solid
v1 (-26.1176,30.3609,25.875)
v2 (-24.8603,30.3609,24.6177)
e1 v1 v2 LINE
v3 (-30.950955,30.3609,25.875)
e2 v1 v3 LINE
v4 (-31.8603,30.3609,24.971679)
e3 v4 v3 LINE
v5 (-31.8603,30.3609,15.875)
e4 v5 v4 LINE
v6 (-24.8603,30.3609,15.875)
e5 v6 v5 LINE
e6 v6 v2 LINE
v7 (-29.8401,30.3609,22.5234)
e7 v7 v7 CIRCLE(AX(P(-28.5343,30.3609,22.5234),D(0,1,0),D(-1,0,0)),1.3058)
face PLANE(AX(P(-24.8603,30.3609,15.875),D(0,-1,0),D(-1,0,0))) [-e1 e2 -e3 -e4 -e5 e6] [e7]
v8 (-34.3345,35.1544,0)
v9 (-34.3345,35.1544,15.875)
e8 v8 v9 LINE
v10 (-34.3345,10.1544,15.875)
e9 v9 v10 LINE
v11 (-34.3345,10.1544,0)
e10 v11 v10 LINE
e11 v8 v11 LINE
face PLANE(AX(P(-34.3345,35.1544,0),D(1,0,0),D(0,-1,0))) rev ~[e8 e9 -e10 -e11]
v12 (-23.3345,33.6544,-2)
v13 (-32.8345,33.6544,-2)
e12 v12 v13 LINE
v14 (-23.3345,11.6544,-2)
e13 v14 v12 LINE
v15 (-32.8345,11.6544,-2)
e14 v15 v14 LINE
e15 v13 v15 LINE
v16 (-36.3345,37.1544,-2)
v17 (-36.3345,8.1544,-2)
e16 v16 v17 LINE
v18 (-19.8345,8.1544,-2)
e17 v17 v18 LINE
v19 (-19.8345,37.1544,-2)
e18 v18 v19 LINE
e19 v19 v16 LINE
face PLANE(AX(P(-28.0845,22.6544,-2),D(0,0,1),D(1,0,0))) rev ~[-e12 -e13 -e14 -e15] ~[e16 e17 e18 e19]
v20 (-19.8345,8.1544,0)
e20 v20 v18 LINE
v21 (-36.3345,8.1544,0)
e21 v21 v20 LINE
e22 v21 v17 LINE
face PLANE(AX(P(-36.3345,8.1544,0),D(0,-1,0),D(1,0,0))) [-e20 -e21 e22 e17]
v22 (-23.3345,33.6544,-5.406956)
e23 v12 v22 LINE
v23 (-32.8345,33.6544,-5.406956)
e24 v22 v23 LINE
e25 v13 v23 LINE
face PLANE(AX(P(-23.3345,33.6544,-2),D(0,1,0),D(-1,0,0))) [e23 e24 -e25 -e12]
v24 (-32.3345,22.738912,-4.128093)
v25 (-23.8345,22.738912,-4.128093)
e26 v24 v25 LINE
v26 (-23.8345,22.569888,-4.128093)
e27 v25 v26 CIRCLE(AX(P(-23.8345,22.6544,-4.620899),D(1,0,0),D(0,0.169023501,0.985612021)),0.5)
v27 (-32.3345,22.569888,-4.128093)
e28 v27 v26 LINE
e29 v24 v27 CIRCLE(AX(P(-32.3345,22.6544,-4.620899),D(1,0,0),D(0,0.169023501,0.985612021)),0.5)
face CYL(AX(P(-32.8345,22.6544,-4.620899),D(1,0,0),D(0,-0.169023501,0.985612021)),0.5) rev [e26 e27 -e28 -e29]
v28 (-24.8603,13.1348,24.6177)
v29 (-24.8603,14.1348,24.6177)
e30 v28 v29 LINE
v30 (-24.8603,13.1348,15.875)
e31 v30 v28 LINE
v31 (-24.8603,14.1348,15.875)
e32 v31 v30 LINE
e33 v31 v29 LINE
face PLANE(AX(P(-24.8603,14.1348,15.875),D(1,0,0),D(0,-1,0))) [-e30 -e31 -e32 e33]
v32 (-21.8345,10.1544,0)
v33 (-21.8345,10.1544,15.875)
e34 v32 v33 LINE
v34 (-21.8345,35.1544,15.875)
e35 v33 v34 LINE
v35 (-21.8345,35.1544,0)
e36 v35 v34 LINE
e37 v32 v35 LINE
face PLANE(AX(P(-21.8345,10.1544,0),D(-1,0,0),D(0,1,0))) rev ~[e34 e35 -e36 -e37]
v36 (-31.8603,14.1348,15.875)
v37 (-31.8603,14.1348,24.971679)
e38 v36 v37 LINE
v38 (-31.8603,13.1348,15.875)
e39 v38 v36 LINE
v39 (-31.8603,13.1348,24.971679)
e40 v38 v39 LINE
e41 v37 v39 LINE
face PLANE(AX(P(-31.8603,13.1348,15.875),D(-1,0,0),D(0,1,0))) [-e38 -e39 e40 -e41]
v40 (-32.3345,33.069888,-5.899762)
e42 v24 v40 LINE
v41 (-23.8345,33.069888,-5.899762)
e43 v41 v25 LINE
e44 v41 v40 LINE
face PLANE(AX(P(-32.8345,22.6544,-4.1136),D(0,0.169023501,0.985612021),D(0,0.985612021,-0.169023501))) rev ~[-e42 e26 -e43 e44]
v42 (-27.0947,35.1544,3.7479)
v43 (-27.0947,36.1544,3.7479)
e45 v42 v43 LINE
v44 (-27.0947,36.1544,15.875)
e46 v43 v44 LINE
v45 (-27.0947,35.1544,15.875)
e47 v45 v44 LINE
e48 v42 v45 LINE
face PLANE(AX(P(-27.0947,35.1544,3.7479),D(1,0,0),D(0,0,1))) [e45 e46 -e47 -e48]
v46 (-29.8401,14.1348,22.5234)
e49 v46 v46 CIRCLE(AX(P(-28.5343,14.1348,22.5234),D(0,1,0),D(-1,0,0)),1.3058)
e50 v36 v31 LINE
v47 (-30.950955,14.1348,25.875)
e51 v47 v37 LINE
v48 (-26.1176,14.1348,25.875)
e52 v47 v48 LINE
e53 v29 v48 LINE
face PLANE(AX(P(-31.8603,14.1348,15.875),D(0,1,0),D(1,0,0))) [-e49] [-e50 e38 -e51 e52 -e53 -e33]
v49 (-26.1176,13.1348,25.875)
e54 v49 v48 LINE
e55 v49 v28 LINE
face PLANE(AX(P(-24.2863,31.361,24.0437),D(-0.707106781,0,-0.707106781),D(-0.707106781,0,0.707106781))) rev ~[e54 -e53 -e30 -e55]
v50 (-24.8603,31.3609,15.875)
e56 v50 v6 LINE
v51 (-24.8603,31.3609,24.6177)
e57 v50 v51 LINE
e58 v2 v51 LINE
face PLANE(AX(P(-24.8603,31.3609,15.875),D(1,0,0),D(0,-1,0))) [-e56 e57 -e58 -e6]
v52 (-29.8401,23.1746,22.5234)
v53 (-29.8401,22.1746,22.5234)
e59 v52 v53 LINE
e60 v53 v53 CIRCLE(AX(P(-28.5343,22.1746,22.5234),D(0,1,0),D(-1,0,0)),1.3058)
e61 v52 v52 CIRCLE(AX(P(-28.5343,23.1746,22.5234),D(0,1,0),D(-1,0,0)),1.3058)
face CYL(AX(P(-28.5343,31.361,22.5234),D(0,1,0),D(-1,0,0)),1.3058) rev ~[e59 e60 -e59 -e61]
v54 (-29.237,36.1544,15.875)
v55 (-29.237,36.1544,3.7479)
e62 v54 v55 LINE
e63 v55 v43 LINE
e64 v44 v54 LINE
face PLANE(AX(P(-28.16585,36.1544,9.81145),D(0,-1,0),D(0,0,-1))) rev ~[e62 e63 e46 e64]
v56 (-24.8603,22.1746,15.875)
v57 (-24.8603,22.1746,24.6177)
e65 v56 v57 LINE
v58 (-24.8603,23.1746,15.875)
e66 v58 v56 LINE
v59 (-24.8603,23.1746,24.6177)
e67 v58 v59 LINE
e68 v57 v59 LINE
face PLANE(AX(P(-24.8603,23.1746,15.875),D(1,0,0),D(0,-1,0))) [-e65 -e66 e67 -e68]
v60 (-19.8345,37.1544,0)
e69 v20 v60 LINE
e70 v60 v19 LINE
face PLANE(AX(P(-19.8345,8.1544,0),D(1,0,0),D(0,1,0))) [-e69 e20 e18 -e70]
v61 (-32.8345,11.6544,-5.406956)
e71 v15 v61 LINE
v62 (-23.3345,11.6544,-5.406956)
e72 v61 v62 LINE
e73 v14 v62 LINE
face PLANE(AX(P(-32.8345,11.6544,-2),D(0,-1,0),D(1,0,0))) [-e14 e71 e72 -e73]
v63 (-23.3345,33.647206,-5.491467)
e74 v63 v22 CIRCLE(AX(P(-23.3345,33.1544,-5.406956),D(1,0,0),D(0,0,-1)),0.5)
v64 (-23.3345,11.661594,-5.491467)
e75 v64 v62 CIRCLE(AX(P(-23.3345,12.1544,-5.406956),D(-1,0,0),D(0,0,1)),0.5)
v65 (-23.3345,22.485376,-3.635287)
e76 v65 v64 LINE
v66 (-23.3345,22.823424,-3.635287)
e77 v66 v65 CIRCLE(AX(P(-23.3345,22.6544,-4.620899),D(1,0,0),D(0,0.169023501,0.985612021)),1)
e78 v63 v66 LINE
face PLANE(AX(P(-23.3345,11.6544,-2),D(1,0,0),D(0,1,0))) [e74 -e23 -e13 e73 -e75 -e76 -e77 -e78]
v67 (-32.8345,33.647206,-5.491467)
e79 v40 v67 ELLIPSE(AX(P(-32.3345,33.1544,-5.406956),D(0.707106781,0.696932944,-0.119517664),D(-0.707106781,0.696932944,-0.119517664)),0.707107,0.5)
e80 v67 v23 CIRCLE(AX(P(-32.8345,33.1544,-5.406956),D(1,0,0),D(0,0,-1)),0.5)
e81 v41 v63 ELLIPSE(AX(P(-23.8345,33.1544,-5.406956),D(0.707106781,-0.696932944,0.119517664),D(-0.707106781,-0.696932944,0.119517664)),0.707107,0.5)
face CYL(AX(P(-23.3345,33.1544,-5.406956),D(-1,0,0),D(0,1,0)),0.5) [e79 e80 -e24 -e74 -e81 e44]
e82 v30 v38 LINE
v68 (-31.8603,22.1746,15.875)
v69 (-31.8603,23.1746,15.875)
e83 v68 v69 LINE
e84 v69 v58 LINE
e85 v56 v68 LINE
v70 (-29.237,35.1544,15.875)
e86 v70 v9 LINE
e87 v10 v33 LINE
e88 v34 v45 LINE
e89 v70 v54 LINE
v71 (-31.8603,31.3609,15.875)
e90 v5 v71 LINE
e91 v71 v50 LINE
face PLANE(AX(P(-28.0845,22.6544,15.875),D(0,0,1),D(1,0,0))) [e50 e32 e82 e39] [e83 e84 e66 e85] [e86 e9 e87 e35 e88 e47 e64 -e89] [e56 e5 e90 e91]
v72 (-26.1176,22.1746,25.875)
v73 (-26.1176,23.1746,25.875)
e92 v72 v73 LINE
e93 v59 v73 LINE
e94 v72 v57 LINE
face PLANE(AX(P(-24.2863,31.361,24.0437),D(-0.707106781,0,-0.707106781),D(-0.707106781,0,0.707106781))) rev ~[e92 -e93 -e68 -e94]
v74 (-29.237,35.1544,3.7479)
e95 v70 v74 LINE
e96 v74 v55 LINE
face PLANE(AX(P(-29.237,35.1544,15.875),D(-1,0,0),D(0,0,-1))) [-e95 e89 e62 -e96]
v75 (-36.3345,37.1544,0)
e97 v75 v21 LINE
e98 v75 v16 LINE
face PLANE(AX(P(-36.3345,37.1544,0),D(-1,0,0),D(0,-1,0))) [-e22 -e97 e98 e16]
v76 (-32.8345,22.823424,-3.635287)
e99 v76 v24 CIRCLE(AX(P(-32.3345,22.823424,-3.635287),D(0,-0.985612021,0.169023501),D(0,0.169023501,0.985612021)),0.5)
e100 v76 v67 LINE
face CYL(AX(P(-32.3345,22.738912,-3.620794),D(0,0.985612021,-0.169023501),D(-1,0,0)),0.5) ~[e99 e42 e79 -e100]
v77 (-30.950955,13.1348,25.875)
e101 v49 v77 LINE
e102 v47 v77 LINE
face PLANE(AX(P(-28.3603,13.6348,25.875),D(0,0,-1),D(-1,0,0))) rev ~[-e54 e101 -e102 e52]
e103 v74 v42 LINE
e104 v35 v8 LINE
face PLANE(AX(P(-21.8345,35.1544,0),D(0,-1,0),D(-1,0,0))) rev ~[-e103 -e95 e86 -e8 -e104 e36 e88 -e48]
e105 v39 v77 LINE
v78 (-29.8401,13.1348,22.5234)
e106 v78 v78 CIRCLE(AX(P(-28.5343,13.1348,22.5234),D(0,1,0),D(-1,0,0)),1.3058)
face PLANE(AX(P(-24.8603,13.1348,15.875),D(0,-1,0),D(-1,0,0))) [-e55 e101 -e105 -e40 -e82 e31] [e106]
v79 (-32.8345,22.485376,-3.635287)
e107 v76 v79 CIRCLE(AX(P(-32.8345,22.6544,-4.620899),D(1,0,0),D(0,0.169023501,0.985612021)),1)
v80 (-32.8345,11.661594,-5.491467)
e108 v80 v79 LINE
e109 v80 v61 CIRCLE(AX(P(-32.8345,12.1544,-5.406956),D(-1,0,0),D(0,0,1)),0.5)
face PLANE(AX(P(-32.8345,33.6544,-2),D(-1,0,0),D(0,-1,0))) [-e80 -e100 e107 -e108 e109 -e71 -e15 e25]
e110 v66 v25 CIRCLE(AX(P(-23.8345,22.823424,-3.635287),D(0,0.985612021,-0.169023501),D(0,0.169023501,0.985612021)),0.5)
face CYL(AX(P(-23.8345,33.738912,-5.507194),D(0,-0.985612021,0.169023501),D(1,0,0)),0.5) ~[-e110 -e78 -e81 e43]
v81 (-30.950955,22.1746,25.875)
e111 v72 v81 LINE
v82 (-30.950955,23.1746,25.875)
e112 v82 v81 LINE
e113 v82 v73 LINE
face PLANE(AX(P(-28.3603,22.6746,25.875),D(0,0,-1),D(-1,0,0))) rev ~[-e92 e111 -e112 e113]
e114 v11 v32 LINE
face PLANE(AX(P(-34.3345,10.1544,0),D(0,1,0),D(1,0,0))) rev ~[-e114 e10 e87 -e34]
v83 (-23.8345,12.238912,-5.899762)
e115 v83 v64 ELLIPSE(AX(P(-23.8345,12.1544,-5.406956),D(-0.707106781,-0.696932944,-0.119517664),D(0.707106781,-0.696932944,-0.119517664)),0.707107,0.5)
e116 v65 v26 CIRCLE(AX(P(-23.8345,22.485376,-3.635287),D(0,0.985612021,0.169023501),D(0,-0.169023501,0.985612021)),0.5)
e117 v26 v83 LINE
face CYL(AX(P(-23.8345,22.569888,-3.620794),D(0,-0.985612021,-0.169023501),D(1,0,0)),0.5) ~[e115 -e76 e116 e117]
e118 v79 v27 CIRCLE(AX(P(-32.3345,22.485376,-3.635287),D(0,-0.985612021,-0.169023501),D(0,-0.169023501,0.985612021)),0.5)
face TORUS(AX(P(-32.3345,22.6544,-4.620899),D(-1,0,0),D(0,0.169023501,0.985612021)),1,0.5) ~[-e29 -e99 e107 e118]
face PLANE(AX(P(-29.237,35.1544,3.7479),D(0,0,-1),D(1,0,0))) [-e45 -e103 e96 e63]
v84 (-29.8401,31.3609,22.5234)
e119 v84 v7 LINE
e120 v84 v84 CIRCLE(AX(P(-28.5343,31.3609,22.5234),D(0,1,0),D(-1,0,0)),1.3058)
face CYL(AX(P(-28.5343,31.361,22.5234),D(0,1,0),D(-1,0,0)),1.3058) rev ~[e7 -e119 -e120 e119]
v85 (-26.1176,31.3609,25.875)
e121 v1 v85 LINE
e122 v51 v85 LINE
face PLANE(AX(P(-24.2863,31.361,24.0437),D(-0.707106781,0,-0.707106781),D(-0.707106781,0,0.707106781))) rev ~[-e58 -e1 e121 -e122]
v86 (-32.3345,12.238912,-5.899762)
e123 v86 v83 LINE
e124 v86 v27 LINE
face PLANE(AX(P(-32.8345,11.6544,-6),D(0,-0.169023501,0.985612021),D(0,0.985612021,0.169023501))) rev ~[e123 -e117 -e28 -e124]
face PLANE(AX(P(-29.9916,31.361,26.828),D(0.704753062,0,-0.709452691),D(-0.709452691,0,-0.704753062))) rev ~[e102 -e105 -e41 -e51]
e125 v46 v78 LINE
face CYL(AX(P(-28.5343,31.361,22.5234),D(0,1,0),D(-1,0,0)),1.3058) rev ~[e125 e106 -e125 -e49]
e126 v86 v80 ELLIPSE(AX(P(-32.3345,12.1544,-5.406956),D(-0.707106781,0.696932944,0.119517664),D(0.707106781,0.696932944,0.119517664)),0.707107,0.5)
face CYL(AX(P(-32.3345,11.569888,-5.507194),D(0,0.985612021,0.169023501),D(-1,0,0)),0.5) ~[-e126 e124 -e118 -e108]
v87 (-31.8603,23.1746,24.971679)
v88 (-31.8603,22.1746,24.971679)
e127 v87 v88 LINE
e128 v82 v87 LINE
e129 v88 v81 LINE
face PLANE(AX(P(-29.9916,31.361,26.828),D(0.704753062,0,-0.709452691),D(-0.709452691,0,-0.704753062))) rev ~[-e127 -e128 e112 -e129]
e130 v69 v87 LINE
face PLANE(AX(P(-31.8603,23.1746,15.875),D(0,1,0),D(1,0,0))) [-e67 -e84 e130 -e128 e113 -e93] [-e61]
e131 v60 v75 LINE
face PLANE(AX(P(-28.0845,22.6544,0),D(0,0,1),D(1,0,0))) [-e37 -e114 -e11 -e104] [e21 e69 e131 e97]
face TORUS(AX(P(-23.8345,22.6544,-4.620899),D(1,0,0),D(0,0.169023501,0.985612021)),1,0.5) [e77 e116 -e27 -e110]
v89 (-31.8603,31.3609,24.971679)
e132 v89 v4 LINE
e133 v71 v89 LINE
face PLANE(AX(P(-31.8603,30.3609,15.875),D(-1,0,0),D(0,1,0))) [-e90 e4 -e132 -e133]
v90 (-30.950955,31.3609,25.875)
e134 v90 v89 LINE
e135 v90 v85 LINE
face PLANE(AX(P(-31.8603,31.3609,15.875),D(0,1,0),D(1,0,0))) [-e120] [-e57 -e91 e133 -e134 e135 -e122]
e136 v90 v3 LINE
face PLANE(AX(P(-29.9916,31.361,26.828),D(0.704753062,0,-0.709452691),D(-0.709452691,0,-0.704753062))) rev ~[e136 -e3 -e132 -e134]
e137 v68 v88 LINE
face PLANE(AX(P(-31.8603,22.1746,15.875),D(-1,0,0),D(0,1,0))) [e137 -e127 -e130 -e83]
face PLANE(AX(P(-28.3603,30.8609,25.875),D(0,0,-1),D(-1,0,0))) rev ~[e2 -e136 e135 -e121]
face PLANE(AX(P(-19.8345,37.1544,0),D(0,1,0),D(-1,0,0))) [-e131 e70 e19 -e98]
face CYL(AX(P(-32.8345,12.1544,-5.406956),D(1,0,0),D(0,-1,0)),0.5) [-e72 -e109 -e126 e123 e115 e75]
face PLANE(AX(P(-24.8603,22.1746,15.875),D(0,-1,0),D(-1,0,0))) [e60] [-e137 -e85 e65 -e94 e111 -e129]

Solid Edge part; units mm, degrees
sketch "Sketch1" plane through (0, 0, 0) normal (0, 0, 1) x (1, 0, 0)
  line L0 (-34.3345, 10.1544) -> (-21.8345, 10.1544)
  line L1 (-21.8345, 10.1544) -> (-21.8345, 35.1544)
  line L2 (-21.8345, 35.1544) -> (-34.3345, 35.1544)
  line L3 (-34.3345, 35.1544) -> (-34.3345, 10.1544)
  dimension "D1" = 12.5
  dimension "D2" = 25
extrude "Protrusion1" add sketch "Sketch1" along normal blind 15.875
sketch "Sketch2" plane through (-28.0845, 22.6544, 0) normal (0, 0, -1) x (1, 0, 0)
  line L0 (-8.25, -14.5) -> (-8.25, 14.5)
  line L1 (-8.25, 14.5) -> (8.25, 14.5)
  line L2 (8.25, 14.5) -> (8.25, -14.5)
  line L3 (8.25, -14.5) -> (-8.25, -14.5)
  dimension "D1" = 2
extrude "ExtrudedProtrusion_2" add sketch "Sketch2" along normal blind 2
sketch "Sketch3" plane through (-28.0845, 22.6544, -2) normal (0, 0, -1) x (1, 0, 0)
  line L0 (-4.75, -11) -> (-4.75, 11)
  line L1 (-4.75, 11) -> (4.75, 11)
  line L2 (4.75, 11) -> (4.75, -11)
  line L3 (4.75, -11) -> (-4.75, -11)
  dimension "D1" = 1.5
extrude "ExtrudedProtrusion_3" add sketch "Sketch3" along normal blind 4
sketch "Sketch4" plane through (-32.8345, 22.6544, -4) normal (-1, 0, 0) x (0, 1, 0)
  line L0 (-11, 2) -> (0, 0.1136)
  line L1 (0, 0.1136) -> (11, 2)
extrude "Cutout1" cut sketch "Sketch4" against normal through all material side at (-32.8345, 17.1629, -5.1061)
fillet "Round_1" radius 0.5 7 edges at (-28.0845, 11.6544, -6) (-23.3345, 17.1544, -5.0568) (-28.0845, 22.6544, -4.1136) (-23.3345, 28.1544, -5.0568) (-28.0845, 33.6544, -6) (-32.8345, 28.1544, -5.0568) (-32.8345, 17.1544, -5.0568)
sketch "Sketch5" plane through (-28.0845, 22.6544, 15.875) normal (0, 0, 1) x (-1, 0, 0)
  line L0 (-3.2242, 0.4798) -> (3.7758, 0.4798)
  line L1 (3.7758, 0.4798) -> (3.7758, -0.5202)
  line L2 (3.7758, -0.5202) -> (-3.2242, -0.5202)
  line L3 (-3.2242, -0.5202) -> (-3.2242, 0.4798)
  line L4 (-3.2242, -7.7065) -> (3.7758, -7.7065)
  line L5 (3.7758, -7.7065) -> (3.7758, -8.7065)
  line L6 (3.7758, -8.7065) -> (-3.2242, -8.7065)
  line L7 (-3.2242, -8.7065) -> (-3.2242, -7.7065)
  line L8 (-3.2242, 9.5196) -> (3.7758, 9.5196)
  line L9 (3.7758, 9.5196) -> (3.7758, 8.5196)
  line L10 (3.7758, 8.5196) -> (-3.2242, 8.5196)
  line L11 (-3.2242, 8.5196) -> (-3.2242, 9.5196)
  dimension "D1" = 7
  dimension "D2" = 1
extrude "ExtrudedProtrusion_4" add sketch "Sketch5" along normal blind 10
sketch "Sketch6" plane through (-28.3603, 31.361, 20.875) normal (0, 1, 0) x (-1, 0, 0)
  line L0 (-4.074, 3.1687) -> (-1.2897, 5.953)
  line L1 (-1.2897, 5.953) -> (1.6313, 5.953)
  line L2 (1.6313, 5.953) -> (4.2278, 3.3737)
extrude "Cutout2" cut sketch "Sketch6" against normal through all material side at (-25.6431, 31.361, 25.4712)
sketch "Sketch7" plane through (-28.3603, 31.361, 20.875) normal (0, 1, 0) x (-1, 0, 0)
  circle A0 centre (0.174, 1.6484) radius 1.3058
extrude "Cutout3" cut sketch "Sketch7" against normal through all
sketch "Sketch8" plane through (-28.0845, 35.1544, 7.9375) normal (0, 1, 0) x (1, 0, 0)
  line L0 (0.9898, -7.9375) -> (-1.1525, -7.9375)
  line L1 (-1.1525, -7.9375) -> (-1.1525, 4.1896)
  line L2 (-1.1525, 4.1896) -> (0.9898, 4.1896)
  line L3 (0.9898, 4.1896) -> (0.9898, -7.9375)
extrude "ExtrudedProtrusion_5" add sketch "Sketch8" along normal blind 1
